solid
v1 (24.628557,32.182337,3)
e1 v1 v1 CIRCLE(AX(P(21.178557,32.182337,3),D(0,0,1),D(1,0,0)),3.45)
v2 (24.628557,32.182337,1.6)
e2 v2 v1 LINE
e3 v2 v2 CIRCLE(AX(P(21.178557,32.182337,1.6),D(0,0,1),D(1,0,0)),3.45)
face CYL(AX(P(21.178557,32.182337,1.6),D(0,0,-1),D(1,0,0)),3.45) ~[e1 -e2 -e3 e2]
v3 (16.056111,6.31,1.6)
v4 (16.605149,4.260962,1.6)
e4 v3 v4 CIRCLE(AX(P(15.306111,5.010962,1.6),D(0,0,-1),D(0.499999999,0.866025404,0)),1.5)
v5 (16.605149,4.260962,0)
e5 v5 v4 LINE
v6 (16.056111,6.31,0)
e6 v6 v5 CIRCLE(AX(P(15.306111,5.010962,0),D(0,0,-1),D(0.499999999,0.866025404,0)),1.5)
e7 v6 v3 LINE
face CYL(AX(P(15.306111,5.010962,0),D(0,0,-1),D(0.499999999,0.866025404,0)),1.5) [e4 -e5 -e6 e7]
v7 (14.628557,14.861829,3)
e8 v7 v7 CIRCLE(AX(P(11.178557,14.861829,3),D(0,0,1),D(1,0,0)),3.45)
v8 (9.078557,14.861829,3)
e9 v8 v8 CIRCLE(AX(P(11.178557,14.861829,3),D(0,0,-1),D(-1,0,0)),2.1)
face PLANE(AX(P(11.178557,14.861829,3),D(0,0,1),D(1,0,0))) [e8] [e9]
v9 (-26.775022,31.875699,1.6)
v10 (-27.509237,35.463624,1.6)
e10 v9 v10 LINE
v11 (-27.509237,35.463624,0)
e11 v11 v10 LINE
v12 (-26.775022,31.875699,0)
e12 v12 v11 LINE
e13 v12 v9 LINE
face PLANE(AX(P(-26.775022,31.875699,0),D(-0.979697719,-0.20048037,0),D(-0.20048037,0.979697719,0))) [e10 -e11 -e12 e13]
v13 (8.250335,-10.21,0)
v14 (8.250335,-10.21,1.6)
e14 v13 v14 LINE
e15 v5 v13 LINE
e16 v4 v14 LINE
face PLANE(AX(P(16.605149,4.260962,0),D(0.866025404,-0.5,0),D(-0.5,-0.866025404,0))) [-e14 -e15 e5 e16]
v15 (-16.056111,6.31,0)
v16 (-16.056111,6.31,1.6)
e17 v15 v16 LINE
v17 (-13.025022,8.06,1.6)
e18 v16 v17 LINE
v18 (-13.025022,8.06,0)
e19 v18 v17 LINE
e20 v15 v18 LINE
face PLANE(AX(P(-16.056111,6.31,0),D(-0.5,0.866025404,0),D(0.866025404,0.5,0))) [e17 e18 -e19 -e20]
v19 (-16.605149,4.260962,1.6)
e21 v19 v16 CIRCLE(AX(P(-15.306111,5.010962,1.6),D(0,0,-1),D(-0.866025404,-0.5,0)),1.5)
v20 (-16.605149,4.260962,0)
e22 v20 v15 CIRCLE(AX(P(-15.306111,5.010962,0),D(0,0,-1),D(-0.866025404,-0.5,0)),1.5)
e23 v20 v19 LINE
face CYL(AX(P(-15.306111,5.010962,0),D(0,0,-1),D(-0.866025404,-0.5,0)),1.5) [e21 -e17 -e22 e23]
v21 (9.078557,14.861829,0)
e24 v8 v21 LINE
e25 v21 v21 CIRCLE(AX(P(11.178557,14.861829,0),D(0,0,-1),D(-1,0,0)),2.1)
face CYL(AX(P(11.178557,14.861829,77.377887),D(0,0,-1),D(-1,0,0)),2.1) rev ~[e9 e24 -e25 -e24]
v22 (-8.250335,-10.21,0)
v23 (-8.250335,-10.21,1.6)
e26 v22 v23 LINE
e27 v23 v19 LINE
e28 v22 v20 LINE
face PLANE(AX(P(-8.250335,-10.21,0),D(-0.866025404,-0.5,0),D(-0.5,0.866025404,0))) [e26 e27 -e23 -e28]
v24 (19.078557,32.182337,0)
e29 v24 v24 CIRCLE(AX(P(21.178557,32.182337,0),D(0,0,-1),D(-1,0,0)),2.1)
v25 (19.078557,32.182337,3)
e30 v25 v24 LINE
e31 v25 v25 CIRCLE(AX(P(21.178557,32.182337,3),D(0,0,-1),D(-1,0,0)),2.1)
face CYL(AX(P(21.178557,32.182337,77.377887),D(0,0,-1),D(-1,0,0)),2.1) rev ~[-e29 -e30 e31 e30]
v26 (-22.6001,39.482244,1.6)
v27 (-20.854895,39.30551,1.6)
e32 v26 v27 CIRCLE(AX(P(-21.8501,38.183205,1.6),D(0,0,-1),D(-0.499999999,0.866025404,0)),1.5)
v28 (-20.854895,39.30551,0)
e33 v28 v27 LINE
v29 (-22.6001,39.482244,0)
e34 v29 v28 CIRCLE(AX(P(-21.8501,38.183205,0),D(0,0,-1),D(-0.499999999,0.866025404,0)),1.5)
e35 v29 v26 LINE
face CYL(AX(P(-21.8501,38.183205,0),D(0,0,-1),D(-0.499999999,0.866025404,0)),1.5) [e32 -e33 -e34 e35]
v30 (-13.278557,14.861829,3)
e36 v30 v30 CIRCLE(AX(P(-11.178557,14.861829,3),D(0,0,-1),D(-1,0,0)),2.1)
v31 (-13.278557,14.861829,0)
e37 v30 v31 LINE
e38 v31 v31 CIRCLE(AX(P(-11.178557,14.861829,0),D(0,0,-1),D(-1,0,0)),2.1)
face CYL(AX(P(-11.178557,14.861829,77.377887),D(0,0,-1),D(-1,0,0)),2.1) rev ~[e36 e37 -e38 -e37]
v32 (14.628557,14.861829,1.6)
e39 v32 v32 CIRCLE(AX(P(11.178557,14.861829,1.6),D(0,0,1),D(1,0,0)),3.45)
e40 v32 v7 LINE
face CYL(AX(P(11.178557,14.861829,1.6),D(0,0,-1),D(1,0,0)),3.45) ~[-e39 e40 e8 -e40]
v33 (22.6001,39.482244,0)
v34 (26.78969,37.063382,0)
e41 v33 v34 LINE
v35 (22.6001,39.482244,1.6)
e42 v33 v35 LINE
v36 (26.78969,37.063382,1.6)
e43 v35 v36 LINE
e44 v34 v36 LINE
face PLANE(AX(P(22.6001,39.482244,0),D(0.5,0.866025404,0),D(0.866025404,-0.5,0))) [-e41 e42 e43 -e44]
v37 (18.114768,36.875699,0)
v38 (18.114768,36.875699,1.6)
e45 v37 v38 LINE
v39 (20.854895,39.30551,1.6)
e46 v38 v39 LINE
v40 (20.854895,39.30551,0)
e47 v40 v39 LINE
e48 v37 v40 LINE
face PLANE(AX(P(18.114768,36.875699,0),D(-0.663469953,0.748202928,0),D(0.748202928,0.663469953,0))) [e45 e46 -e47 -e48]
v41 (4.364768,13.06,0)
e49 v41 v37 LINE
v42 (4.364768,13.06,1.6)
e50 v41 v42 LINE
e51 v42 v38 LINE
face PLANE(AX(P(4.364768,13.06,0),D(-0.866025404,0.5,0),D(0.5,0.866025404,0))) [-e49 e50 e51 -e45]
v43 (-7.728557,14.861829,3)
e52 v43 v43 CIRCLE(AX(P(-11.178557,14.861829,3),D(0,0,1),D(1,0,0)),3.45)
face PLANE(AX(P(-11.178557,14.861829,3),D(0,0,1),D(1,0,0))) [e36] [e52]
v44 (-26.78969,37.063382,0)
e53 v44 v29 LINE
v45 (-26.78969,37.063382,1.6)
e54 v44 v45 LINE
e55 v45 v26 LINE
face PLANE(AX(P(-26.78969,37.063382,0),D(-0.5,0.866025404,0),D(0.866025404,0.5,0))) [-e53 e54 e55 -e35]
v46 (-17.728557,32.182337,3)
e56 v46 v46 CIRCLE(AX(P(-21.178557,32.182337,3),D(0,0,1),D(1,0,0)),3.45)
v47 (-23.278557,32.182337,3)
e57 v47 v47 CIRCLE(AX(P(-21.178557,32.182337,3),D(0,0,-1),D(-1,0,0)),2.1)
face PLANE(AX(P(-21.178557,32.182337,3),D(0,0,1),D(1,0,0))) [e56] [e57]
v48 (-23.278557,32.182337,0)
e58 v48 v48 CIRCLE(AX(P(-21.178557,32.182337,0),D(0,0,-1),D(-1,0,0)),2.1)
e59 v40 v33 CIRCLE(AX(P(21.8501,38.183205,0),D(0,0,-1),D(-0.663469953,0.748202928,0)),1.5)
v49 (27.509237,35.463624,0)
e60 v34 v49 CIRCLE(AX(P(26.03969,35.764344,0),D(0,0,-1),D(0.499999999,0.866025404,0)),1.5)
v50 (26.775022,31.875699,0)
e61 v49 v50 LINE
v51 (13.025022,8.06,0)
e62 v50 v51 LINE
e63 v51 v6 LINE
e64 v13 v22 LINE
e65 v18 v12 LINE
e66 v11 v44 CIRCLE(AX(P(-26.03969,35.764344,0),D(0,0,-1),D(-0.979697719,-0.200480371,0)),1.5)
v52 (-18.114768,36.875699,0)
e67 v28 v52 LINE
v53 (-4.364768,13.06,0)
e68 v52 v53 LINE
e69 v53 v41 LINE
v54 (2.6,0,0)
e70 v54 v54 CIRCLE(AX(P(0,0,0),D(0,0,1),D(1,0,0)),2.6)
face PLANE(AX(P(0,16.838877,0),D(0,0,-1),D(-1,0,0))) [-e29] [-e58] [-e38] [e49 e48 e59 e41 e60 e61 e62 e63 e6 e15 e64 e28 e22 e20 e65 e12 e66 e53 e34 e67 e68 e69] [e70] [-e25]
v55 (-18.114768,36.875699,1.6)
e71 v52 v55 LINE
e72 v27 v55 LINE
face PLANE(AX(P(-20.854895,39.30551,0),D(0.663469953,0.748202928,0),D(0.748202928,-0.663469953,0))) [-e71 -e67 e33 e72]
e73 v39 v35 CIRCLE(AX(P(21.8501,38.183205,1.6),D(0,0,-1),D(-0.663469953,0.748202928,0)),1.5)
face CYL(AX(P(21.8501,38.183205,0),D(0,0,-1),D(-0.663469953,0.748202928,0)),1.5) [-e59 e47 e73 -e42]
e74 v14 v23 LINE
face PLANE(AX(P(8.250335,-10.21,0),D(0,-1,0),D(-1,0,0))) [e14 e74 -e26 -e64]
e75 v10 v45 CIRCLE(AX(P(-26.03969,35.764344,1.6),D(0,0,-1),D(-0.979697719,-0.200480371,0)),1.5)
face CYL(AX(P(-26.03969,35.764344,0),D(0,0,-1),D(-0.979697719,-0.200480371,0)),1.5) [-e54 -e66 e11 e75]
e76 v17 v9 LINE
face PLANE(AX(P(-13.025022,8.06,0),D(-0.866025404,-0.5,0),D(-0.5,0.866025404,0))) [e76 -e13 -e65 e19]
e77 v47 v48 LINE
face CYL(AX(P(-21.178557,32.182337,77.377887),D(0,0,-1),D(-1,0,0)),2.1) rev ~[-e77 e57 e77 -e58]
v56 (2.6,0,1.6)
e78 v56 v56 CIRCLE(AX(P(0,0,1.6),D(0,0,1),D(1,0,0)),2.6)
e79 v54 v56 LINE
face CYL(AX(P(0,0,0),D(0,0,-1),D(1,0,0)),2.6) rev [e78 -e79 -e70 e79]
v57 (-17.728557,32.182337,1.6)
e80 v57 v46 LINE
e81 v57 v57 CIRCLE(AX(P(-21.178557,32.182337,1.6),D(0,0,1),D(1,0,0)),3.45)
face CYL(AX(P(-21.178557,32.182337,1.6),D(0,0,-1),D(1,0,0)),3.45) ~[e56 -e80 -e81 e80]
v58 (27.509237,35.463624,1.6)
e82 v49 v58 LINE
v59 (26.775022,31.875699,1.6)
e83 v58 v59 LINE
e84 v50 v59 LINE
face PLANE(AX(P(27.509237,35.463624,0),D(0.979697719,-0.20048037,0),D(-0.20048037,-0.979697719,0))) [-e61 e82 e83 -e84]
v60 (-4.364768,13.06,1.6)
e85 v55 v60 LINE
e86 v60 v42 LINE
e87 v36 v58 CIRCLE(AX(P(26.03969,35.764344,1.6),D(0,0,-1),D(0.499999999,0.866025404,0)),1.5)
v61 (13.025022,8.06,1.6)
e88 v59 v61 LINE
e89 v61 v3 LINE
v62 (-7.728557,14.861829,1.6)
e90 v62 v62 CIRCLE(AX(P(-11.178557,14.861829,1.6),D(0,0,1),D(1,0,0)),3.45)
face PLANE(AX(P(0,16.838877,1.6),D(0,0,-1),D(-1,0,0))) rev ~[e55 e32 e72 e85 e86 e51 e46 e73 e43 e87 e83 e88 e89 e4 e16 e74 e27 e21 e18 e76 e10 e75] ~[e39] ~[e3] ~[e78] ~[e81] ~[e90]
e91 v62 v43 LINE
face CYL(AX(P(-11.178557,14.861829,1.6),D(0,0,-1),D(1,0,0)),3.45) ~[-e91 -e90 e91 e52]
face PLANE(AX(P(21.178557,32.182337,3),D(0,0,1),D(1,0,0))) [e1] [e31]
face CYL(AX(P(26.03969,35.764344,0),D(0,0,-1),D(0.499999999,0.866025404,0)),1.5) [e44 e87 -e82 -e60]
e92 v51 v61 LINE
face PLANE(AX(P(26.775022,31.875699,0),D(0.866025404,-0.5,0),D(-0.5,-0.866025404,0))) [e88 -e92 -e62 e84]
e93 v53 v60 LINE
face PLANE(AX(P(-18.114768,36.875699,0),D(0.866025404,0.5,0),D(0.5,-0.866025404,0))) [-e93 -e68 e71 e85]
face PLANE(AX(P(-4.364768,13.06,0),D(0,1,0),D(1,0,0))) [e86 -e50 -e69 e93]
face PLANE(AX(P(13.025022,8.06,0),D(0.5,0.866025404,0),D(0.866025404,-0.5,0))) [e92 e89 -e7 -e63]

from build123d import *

# Parameters (mm, degrees)
SKETCH1_R             = 2.6
BOSS_EXTRUDE1_DEPTH   = 1.6
SKETCH2_R             = 3.45
BOSS_EXTRUDE2_DEPTH   = 1.4
M5X0_8_TAPPED_HOLE1_D = 4.2


with BuildPart() as part:
    # Sketch1 → Boss-Extrude1 (new body)
    with BuildSketch(Plane.XY):
        with BuildLine():
            Line((-4.364768035, 13.06), (4.364768035, 13.06))
            Line((4.364768035, 13.06), (18.114768035, 36.875698604))
            Line((18.114768035, 36.875698604), (20.854894903, 39.305509792))
            ThreePointArc((20.854894903, 39.305509792), (21.698970531, 39.675572625), (22.600099833, 39.482243506))
            Line((22.600099833, 39.482243506), (26.789690275, 37.063382336))
            ThreePointArc((26.789690275, 37.063382336), (27.407682855, 36.379646028), (27.509236854, 35.463623675))
            Line((27.509236854, 35.463623675), (26.775022073, 31.875698604))
            Line((26.775022073, 31.875698604), (13.025022073, 8.06))
            Line((13.025022073, 8.06), (16.056110986, 6.31))
            ThreePointArc((16.056110986, 6.31), (16.754999726, 5.399190462), (16.605149092, 4.260961894))
            Line((16.605149092, 4.260961894), (8.250335347, -10.21))
            Line((8.250335347, -10.21), (-8.250335347, -10.21))
            Line((-8.250335347, -10.21), (-16.605149092, 4.260961894))
            ThreePointArc((-16.605149092, 4.260961894), (-16.754999726, 5.399190462), (-16.056110986, 6.31))
            Line((-16.056110986, 6.31), (-13.025022073, 8.06))
            Line((-13.025022073, 8.06), (-26.775022073, 31.875698604))
            Line((-26.775022073, 31.875698604), (-27.509236854, 35.463623675))
            ThreePointArc((-27.509236854, 35.463623675), (-27.407682855, 36.379646028), (-26.789690275, 37.063382336))
            Line((-26.789690275, 37.063382336), (-22.600099833, 39.482243506))
            ThreePointArc((-22.600099833, 39.482243506), (-21.698970531, 39.675572625), (-20.854894903, 39.305509792))
            Line((-20.854894903, 39.305509792), (-18.114768035, 36.875698604))
            Line((-18.114768035, 36.875698604), (-4.364768035, 13.06))
        make_face()
        Circle(SKETCH1_R, mode=Mode.SUBTRACT)
    extrude(amount=BOSS_EXTRUDE1_DEPTH)

    # Sketch2 → Boss-Extrude2 (add)
    with BuildSketch(Plane.XY.offset(1.6)):
        with Locations((21.178557159, 32.18233703)):
            Circle(SKETCH2_R)
        with Locations((11.178557159, 14.861828954)):
            Circle(SKETCH2_R)
        with Locations((-11.178557159, 14.861828954)):
            Circle(SKETCH2_R)
        with Locations((-21.178557159, 32.18233703)):
            Circle(SKETCH2_R)
    extrude(amount=BOSS_EXTRUDE2_DEPTH)

    # M5x0.8 Tapped Hole1 (through all)
    with Locations(Plane.XY.offset(3)):
        with Locations((21.178557159, 32.18233703), (11.178557159, 14.861828954), (-11.178557159, 14.861828954), (-21.178557159, 32.18233703)):
            Hole(M5X0_8_TAPPED_HOLE1_D / 2)


solid = part.part
